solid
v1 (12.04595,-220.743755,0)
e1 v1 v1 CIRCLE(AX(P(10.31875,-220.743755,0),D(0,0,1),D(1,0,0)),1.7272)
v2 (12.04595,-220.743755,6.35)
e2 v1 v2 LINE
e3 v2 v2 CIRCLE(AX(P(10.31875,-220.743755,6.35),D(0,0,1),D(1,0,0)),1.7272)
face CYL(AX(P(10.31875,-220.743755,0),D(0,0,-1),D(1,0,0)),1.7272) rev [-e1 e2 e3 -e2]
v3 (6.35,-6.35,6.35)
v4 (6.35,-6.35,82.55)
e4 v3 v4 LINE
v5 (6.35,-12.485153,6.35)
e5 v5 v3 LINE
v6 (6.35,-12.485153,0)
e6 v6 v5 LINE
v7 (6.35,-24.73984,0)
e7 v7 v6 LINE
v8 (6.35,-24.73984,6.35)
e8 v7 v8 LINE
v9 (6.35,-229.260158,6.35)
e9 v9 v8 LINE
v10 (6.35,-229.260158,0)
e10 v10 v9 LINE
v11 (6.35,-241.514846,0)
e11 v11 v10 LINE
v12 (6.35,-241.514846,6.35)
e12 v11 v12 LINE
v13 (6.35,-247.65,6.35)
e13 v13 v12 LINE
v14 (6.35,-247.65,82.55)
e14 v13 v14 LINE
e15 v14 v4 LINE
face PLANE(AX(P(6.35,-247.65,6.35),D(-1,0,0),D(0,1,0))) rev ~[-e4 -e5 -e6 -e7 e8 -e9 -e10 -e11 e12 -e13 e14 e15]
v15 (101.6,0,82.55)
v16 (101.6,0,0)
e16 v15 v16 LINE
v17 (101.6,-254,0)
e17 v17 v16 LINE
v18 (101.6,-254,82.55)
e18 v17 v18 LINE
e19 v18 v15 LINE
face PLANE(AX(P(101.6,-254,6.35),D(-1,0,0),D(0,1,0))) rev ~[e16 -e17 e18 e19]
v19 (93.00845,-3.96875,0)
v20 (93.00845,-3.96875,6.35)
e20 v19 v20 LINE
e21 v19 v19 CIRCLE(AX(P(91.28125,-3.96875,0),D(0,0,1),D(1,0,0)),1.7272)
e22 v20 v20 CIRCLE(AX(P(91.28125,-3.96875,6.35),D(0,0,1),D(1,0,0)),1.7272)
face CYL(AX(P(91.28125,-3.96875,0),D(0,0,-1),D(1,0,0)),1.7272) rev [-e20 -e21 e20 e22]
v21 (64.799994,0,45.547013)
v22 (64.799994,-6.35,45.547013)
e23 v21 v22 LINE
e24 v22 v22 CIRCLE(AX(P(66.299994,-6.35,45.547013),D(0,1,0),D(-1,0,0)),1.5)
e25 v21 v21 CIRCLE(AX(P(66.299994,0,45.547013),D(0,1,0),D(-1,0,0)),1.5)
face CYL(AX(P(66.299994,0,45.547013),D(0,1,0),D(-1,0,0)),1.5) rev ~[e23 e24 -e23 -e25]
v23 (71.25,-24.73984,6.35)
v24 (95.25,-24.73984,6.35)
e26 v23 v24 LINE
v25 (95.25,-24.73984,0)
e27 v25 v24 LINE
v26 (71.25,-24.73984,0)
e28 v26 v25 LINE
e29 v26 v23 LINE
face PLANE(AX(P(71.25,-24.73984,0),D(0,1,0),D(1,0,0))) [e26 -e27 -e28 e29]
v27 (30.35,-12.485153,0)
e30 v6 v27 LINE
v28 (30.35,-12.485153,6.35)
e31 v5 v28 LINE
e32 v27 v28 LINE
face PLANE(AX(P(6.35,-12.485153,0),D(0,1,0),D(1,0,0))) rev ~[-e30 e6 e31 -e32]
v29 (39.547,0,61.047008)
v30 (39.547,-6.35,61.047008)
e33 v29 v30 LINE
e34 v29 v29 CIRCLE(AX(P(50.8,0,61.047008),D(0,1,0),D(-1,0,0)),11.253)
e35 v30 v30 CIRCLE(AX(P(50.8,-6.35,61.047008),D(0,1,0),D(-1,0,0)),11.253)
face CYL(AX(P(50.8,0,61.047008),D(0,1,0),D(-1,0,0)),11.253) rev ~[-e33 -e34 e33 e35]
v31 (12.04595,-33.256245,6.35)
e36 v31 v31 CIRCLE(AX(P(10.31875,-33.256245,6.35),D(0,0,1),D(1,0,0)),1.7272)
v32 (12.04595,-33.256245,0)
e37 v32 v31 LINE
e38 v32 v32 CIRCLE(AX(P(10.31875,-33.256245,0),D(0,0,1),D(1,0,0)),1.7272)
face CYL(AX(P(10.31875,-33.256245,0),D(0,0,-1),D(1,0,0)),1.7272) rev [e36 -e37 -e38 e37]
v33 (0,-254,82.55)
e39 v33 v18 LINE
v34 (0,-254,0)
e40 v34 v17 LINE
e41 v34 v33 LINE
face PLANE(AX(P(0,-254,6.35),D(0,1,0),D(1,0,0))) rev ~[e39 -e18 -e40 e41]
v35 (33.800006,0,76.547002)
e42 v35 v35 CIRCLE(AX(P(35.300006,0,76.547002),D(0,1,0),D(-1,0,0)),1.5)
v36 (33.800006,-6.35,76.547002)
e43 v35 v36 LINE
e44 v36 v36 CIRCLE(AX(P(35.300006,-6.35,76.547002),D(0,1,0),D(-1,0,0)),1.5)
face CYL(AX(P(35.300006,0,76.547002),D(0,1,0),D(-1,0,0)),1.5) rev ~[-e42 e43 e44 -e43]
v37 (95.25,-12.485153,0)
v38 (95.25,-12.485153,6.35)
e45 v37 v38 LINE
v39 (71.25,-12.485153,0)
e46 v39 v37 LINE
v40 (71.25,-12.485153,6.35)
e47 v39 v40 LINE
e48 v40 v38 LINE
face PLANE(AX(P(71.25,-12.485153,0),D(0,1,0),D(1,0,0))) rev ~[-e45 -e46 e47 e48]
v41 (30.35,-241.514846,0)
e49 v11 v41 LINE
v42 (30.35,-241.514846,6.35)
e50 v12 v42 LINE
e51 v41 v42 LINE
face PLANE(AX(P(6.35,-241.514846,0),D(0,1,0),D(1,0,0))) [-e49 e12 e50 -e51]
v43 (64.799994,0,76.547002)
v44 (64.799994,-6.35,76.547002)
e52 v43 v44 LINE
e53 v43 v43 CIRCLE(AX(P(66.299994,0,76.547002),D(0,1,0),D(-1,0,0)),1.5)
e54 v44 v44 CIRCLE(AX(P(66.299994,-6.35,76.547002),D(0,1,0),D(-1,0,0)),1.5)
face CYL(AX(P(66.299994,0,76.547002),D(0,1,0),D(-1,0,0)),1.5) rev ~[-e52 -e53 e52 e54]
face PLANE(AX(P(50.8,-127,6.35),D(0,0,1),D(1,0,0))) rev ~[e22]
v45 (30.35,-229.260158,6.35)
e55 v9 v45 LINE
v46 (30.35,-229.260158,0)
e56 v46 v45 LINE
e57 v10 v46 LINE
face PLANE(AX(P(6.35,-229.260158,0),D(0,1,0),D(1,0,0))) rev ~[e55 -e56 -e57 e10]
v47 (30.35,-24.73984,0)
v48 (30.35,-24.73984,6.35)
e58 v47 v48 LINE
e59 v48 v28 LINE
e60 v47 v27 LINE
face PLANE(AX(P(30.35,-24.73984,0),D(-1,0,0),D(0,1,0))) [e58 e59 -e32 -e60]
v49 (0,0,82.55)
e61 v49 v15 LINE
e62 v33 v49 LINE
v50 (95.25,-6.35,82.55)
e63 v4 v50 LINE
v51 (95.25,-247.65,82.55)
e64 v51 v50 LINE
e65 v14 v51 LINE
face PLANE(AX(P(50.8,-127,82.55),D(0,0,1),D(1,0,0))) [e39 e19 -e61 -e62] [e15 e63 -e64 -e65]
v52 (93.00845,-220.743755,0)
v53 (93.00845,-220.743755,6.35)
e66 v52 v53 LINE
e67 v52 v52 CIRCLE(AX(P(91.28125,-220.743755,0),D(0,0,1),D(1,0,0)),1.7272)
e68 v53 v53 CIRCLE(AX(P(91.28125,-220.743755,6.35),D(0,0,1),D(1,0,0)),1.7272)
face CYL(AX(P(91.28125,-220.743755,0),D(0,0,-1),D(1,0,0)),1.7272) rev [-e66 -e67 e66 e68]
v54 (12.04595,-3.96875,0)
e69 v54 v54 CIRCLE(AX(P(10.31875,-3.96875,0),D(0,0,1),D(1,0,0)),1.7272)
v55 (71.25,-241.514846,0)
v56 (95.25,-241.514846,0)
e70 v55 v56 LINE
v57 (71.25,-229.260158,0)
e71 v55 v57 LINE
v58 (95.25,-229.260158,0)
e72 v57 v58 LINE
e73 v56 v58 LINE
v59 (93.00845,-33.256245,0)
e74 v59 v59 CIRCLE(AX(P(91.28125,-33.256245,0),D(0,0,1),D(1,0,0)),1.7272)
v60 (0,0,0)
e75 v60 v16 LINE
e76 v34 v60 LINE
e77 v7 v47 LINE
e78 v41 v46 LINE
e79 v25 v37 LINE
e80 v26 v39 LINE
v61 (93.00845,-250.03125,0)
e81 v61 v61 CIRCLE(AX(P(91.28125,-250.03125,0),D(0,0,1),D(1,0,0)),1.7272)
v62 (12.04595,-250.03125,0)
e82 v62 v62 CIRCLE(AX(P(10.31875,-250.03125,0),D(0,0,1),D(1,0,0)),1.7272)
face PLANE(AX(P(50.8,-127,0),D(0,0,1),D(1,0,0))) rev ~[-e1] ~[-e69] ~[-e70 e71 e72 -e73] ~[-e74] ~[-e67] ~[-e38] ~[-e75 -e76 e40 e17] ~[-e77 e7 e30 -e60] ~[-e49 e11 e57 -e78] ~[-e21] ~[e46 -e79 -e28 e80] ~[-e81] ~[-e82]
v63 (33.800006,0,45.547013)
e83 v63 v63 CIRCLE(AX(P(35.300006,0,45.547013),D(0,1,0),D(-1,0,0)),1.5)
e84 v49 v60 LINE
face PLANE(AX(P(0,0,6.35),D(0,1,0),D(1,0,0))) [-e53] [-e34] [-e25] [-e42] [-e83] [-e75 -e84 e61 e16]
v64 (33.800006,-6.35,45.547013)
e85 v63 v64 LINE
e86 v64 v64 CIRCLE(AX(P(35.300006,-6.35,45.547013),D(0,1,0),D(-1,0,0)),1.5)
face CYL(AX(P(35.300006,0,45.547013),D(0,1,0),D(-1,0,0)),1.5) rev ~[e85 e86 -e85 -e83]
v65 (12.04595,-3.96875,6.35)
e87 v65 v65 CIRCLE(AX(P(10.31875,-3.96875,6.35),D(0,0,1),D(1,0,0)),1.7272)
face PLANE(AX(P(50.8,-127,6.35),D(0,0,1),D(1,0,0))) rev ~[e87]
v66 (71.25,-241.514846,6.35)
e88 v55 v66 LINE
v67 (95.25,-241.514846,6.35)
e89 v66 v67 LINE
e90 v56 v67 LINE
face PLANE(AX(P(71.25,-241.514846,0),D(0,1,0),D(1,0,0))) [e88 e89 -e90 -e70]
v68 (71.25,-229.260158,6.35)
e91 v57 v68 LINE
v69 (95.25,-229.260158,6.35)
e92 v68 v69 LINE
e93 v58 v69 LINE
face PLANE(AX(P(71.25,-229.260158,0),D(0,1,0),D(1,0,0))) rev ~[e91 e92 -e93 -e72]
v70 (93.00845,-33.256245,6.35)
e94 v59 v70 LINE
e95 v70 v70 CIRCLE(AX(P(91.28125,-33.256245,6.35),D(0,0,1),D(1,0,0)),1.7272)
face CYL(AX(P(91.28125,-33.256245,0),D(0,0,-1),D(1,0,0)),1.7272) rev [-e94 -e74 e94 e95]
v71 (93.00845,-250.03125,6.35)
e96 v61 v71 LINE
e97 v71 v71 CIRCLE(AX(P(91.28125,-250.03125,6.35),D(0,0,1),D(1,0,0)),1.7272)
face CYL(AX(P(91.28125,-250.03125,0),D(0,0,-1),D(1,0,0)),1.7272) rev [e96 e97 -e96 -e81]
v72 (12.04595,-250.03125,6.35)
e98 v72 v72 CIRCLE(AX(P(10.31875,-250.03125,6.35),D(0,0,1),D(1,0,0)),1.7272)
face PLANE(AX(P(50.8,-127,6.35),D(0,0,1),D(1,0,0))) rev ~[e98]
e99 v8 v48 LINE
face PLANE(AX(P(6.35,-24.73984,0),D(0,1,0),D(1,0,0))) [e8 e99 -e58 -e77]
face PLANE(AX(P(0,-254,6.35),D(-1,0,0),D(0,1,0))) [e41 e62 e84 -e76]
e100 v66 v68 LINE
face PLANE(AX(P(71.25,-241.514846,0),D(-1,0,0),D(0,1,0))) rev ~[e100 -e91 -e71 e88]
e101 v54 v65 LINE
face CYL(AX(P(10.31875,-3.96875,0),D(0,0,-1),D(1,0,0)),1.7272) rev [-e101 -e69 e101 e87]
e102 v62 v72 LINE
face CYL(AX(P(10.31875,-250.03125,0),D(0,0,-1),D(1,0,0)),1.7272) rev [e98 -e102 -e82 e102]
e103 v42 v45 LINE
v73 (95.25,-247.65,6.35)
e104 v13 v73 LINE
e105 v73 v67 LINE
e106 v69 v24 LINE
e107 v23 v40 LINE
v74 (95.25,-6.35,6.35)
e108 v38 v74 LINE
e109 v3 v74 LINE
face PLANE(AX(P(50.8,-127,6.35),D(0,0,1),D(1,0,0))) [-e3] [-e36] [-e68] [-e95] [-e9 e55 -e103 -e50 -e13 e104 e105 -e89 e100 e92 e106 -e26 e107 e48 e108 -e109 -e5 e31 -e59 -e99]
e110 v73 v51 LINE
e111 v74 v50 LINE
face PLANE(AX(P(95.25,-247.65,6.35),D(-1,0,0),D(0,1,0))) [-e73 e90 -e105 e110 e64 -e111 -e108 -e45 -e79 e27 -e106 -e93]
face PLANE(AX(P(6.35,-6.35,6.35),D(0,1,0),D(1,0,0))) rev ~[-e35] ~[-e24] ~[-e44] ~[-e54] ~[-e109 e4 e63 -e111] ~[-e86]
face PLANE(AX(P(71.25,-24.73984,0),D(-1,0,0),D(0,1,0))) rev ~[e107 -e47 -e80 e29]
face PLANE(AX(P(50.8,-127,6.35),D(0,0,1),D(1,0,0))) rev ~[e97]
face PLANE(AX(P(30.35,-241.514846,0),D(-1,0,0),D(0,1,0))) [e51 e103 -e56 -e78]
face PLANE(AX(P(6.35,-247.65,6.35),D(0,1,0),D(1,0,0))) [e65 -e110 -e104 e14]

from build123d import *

# Parameters (mm, degrees)
F0_W     = 101.6
F0_H     = 254
F0_R     = 1.7272
F0_W_2   = 24
F0_H_2   = 12.254687
F1_DEPTH = 6.35
F2_W     = 101.6
F2_H     = 254
F2_W_2   = 88.9
F2_H_2   = 241.3
F3_DEPTH = 76.2
F4_R     = 1.5
F4_R_2   = 11.253
F5_DEPTH = 6.35
F6_DEPTH = 6.35


with BuildPart() as f1:
    # F0 (on Top) → F1 (new body)
    with BuildSketch(Plane.XY):
        with Locations((50.8, -127)):
            Rectangle(F0_W, F0_H)
        with Locations((10.31875, -250.03125)):
            Circle(F0_R, mode=Mode.SUBTRACT)
        with Locations((18.35, -235.387502)):
            Rectangle(F0_W_2, F0_H_2, mode=Mode.SUBTRACT)
        with Locations((10.31875, -220.743755)):
            Circle(F0_R, mode=Mode.SUBTRACT)
        with Locations((83.25, -235.387502)):
            Rectangle(F0_W_2, F0_H_2, mode=Mode.SUBTRACT)
        with Locations((91.28125, -250.03125)):
            Circle(F0_R, mode=Mode.SUBTRACT)
        with Locations((91.28125, -220.743755)):
            Circle(F0_R, mode=Mode.SUBTRACT)
        with Locations((10.31875, -33.256245)):
            Circle(F0_R, mode=Mode.SUBTRACT)
        with Locations((10.31875, -3.96875)):
            Circle(F0_R, mode=Mode.SUBTRACT)
        with Locations((18.35, -18.612497)):
            Rectangle(F0_W_2, F0_H_2, mode=Mode.SUBTRACT)
        with Locations((91.28125, -33.256245)):
            Circle(F0_R, mode=Mode.SUBTRACT)
        with Locations((83.25, -18.612497)):
            Rectangle(F0_W_2, F0_H_2, mode=Mode.SUBTRACT)
        with Locations((91.28125, -3.96875)):
            Circle(F0_R, mode=Mode.SUBTRACT)
    extrude(amount=F1_DEPTH)

    # F2 (on face) → F3 (join)
    with BuildSketch(Plane.XY.offset(6.35)):
        with Locations((50.8, -127)):
            Rectangle(F2_W, F2_H)
        with Locations((50.8, -127)):
            Rectangle(F2_W_2, F2_H_2, mode=Mode.SUBTRACT)
    extrude(amount=F3_DEPTH)

    # F4 (on face) → F5 (cut, through all)
    with BuildSketch(Plane(origin=(0, 0, 0), x_dir=(-1, 0, 0), z_dir=(0, 1, 0))):
        with Locations((-66.299994, 76.547002)):
            Circle(F4_R)
        with Locations((-35.300006, 76.547002)):
            Circle(F4_R)
        with Locations((-66.299994, 45.547013)):
            Circle(F4_R)
        with Locations((-50.8, 61.047008)):
            Circle(F4_R_2)
        with Locations((-35.300006, 45.547013)):
            Circle(F4_R)
    extrude(amount=-F5_DEPTH, mode=Mode.SUBTRACT)

    # F4 (on face) → F6 (cut, through all)
    with BuildSketch(Plane(origin=(0, 0, 0), x_dir=(-1, 0, 0), z_dir=(0, 1, 0))):
        with Locations((-66.299994, 76.547002)):
            Circle(F4_R)
        with Locations((-35.300006, 76.547002)):
            Circle(F4_R)
        with Locations((-66.299994, 45.547013)):
            Circle(F4_R)
        with Locations((-50.8, 61.047008)):
            Circle(F4_R_2)
        with Locations((-35.300006, 45.547013)):
            Circle(F4_R)
    extrude(amount=-F6_DEPTH, mode=Mode.SUBTRACT)


solid = f1.part
